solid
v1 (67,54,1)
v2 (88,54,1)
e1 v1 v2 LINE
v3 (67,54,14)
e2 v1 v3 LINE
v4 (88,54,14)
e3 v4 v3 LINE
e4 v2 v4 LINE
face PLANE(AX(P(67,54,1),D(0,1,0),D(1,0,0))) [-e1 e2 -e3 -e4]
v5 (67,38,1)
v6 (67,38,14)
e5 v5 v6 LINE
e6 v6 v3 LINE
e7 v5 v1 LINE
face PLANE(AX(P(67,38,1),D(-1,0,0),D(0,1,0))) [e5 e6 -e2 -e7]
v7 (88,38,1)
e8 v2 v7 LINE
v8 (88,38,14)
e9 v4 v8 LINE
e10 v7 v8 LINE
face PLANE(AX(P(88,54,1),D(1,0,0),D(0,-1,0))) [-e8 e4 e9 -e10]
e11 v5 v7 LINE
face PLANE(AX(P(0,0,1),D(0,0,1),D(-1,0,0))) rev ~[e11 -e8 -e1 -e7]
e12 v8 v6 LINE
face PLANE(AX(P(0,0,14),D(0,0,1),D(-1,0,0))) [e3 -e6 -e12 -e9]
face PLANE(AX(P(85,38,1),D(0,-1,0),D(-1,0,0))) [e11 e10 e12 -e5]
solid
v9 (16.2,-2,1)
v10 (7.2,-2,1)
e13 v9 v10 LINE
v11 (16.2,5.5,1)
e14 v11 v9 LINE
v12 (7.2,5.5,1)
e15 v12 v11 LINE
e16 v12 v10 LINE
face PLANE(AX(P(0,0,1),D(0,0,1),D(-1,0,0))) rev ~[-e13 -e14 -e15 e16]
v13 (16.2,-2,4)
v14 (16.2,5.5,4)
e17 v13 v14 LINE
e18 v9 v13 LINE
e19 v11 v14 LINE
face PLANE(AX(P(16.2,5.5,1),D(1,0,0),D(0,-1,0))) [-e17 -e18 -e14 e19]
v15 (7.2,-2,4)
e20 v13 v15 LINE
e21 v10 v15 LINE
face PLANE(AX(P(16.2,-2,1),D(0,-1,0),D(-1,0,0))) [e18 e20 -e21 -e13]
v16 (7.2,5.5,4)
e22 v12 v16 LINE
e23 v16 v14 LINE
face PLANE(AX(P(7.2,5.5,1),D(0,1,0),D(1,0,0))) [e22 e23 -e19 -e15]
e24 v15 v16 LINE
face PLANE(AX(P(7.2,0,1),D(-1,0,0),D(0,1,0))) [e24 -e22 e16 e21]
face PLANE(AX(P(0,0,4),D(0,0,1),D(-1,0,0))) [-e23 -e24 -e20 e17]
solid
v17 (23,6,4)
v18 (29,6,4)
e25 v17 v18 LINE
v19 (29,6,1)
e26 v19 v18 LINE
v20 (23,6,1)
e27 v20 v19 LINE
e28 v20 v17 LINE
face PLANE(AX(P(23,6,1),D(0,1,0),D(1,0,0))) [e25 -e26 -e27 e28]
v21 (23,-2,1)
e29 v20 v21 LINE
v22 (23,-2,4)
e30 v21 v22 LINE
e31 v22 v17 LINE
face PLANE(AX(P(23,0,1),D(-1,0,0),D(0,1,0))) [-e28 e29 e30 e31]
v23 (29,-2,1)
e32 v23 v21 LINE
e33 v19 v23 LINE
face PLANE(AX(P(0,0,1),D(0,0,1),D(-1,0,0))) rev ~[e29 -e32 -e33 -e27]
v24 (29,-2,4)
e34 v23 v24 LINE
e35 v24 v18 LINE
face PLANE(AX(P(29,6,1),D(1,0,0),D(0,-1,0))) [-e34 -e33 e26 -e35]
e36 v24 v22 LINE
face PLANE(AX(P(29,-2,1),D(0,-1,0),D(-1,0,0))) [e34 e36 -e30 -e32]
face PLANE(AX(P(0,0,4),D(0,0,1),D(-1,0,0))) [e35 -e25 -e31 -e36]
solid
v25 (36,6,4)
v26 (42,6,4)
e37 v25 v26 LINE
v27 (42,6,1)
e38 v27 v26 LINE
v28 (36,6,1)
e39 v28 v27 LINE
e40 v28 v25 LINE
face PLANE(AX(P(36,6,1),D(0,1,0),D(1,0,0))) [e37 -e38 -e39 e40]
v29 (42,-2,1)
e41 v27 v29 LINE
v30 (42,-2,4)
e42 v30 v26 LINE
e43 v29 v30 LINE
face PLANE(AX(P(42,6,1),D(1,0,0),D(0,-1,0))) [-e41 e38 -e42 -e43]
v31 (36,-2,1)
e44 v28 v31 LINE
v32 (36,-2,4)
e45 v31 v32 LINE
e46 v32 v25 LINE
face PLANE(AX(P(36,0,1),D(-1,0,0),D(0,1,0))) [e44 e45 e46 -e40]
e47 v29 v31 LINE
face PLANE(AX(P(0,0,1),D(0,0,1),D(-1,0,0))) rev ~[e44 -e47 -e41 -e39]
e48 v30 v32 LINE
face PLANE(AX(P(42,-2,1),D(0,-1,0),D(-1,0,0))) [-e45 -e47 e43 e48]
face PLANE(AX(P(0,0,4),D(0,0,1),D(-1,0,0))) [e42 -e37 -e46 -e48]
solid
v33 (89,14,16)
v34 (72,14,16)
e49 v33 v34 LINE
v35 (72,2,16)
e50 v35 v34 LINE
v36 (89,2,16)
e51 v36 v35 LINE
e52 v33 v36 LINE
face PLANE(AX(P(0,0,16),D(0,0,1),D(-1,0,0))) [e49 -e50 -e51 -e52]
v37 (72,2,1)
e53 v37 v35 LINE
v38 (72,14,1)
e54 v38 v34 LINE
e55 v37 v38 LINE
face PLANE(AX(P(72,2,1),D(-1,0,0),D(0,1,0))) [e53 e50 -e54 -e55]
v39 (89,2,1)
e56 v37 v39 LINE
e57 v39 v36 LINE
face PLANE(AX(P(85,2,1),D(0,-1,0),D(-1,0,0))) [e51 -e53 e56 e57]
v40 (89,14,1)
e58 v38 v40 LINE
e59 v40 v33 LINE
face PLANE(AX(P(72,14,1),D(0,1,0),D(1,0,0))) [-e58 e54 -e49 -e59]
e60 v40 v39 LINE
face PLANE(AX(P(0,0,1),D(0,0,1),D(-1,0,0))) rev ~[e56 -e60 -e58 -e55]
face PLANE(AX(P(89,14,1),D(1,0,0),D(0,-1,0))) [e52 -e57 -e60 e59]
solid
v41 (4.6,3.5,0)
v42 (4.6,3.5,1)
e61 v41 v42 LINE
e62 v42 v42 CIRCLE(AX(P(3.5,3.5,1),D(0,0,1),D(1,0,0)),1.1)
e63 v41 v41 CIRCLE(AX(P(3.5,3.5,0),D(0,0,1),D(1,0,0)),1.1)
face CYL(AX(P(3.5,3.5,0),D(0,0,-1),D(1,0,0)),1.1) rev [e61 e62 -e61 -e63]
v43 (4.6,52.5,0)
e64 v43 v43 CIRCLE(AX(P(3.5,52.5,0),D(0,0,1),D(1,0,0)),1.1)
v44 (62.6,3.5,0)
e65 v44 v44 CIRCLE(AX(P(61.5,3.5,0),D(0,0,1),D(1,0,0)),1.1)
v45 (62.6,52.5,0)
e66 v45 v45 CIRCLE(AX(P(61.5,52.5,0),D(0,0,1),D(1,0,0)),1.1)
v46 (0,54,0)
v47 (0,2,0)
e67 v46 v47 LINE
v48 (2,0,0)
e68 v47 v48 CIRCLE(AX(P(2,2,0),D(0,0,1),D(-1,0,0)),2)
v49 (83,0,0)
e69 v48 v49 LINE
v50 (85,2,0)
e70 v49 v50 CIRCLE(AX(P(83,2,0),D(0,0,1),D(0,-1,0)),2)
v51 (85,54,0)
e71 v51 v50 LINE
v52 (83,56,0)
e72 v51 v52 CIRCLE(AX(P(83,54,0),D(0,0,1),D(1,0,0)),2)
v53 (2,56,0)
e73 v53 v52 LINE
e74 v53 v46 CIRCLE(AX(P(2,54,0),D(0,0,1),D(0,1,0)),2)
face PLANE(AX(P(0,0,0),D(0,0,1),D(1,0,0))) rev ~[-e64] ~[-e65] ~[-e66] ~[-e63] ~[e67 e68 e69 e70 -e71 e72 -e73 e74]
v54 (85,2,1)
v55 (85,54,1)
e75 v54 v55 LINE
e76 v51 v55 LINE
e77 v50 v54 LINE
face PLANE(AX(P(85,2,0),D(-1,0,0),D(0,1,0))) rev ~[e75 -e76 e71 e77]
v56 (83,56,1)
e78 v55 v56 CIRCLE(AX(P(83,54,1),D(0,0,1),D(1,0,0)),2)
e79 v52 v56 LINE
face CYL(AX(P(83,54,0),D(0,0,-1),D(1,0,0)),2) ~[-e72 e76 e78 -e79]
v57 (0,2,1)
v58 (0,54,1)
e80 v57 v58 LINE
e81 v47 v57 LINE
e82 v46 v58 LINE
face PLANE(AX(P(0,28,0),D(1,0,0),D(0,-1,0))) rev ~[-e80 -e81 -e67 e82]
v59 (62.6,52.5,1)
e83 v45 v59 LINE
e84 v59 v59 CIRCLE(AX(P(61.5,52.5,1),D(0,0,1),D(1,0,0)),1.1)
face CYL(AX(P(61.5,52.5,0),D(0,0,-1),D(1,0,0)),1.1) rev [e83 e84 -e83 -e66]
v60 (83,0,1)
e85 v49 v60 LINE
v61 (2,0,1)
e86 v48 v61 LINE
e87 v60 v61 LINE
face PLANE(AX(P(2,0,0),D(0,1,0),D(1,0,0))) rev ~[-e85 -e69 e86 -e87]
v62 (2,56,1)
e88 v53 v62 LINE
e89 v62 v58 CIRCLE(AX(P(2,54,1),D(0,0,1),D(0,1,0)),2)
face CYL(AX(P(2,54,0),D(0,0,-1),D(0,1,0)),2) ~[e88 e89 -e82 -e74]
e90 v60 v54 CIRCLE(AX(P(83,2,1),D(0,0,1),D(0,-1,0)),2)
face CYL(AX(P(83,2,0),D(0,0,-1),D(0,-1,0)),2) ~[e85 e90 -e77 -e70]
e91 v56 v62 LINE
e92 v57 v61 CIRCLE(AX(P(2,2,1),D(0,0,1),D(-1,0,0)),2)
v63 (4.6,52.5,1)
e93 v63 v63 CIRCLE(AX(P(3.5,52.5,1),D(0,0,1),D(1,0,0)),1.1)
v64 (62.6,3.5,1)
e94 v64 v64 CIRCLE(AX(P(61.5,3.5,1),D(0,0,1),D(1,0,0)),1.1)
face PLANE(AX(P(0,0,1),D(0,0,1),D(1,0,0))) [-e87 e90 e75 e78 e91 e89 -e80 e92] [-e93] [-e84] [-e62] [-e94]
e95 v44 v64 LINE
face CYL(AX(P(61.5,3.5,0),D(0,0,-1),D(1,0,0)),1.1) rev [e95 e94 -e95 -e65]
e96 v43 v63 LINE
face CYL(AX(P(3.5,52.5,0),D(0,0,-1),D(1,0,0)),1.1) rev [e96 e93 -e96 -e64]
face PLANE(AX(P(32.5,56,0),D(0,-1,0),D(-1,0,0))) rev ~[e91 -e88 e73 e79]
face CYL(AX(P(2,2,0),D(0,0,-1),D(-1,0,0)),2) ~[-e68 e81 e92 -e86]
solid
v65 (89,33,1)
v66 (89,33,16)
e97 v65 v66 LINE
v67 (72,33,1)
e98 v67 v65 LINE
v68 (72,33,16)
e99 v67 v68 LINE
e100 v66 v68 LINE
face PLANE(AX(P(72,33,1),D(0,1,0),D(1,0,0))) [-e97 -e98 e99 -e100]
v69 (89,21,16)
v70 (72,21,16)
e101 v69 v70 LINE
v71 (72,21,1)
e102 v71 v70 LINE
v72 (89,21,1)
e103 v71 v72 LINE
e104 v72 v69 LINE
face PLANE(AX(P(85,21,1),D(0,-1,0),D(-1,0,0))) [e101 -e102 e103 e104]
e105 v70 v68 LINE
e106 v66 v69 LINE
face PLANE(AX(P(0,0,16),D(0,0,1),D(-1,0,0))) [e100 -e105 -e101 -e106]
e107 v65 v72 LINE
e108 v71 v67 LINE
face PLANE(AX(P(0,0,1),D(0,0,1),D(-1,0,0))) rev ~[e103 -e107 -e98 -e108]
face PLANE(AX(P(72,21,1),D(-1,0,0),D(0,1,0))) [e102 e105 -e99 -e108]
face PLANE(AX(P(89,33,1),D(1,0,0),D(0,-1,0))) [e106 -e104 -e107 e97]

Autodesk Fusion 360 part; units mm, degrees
sketch "草图1" plane through (0, 0, 0) normal (0, 0, 1) x (1, 0, 0)
  line L0 (2, 0) -> (83, 0)
  line L1 (85, 2) -> (85, 54)
  line L2 (83, 56) -> (2, 56)
  line L3 (0, 54) -> (0, 2)
  line L4 (-9, 28) -> (96, 28)
  line L5 (32.5, 58.4958) -> (32.5, -18.5042)
  circle A0 centre (3.5, 52.5) radius 1.1
  circle A1 centre (61.5, 52.5) radius 1.1
  circle A2 centre (3.5, 3.5) radius 1.1
  circle A3 centre (61.5, 3.5) radius 1.1
  arc A4 (2, 56) -> (0, 54) centre (2, 54) ccw
  arc A5 (85, 54) -> (83, 56) centre (83, 54) ccw
  arc A6 (83, 0) -> (85, 2) centre (83, 2) ccw
  arc A7 (0, 2) -> (2, 0) centre (2, 2) ccw
  point P0 (85, 0)
  point P1 (85, 56)
  point P2 (0, 56)
  dimension "d1" = 85
  dimension "d2" = 56
  dimension "d3" = 2.2
  dimension "d4" = 49
  dimension "d5" = 58
  dimension "d6" = 3.5
  dimension "d7" = 2
extrude "拉伸1" add sketch "草图1" along normal blind 1 makes body 1
sketch "草图2" plane through (0, 0, 1) normal (0, 0, 1) x (-1, 0, 0)
  circle A0 centre (-3.5, -52.5) radius 1.1
  circle A1 centre (-61.5, -3.5) radius 1.1
  circle A2 centre (-61.5, -52.5) radius 1.1
  circle A3 centre (-3.5, -3.5) radius 1.1
  arc A4 (0, -2) -> (-2, 0) centre (-2, -2) ccw
  line L0 (-2, 0) -> (-83, 0)
  arc A5 (-83, 0) -> (-85, -2) centre (-83, -2) ccw
  line L1 (-85, -2) -> (-85, -54)
  arc A6 (-85, -54) -> (-83, -56) centre (-83, -54) ccw
  line L2 (-83, -56) -> (-2, -56)
  arc A7 (-2, -56) -> (0, -54) centre (-2, -54) ccw
  line L3 (0, -54) -> (0, -2)
  line L4 (-7.2, -5.5) -> (-16.2, -5.5)
  line L5 (-16.2, -5.5) -> (-16.2, 2)
  line L6 (-16.2, 2) -> (-7.2, 2)
  line L7 (-7.2, 2) -> (-7.2, -5.5)
  dimension "d10" = 3.7
  dimension "d11" = 9
  dimension "d12" = 7.5
  dimension "d13" = 5.5
extrude "拉伸2" add sketch "草图2" along normal blind 3 separate body contours L0 L4 L5 L7 | L0 L5 L6 L7 makes body 2
sketch "草图3" plane through (0, 0, 1) normal (0, 0, 1) x (-1, 0, 0)
  circle A0 centre (-3.5, -52.5) radius 1.1
  circle A1 centre (-61.5, -3.5) radius 1.1
  circle A2 centre (-61.5, -52.5) radius 1.1
  circle A3 centre (-3.5, -3.5) radius 1.1
  arc A4 (0, -2) -> (-2, 0) centre (-2, -2) ccw
  line L0 (-2, 0) -> (-83, 0)
  arc A5 (-83, 0) -> (-85, -2) centre (-83, -2) ccw
  line L1 (-85, -2) -> (-85, -54)
  arc A6 (-85, -54) -> (-83, -56) centre (-83, -54) ccw
  line L2 (-83, -56) -> (-2, -56)
  arc A7 (-2, -56) -> (0, -54) centre (-2, -54) ccw
  line L3 (0, -54) -> (0, -2)
  line L4 (-67, -54) -> (-88, -54)
  line L5 (-88, -54) -> (-88, -38)
  line L6 (-88, -38) -> (-67, -38)
  line L7 (-67, -38) -> (-67, -54)
  dimension "d16" = 21
  dimension "d17" = 16
  dimension "d18" = 2
  dimension "d19" = 18
extrude "拉伸3" add sketch "草图3" along normal blind 13 separate body contours L1 L4 L6 L7 | L1 L4 L5 L6 makes body 3
sketch "草图4" plane through (0, 0, 1) normal (0, 0, 1) x (-1, 0, 0)
  circle A0 centre (-3.5, -52.5) radius 1.1
  circle A1 centre (-61.5, -3.5) radius 1.1
  circle A2 centre (-61.5, -52.5) radius 1.1
  circle A3 centre (-3.5, -3.5) radius 1.1
  arc A4 (0, -2) -> (-2, 0) centre (-2, -2) ccw
  line L0 (-2, 0) -> (-83, 0)
  arc A5 (-83, 0) -> (-85, -2) centre (-83, -2) ccw
  line L1 (-85, -2) -> (-85, -54)
  arc A6 (-85, -54) -> (-83, -56) centre (-83, -54) ccw
  line L2 (-83, -56) -> (-2, -56)
  arc A7 (-2, -56) -> (0, -54) centre (-2, -54) ccw
  line L3 (0, -54) -> (0, -2)
  line L4 (-72, -33) -> (-89, -33)
  line L5 (-89, -33) -> (-89, -21)
  line L6 (-89, -21) -> (-72, -21)
  line L7 (-72, -21) -> (-72, -33)
  dimension "d22" = 17
  dimension "d23" = 12
  dimension "d24" = 13
  dimension "d25" = 21
extrude "拉伸4" add sketch "草图4" along normal blind 15 separate body contours L1 L4 L6 L7 | L1 L4 L5 L6 makes body 4
sketch "草图5" plane through (0, 0, 1) normal (0, 0, 1) x (-1, 0, 0)
  circle A0 centre (-3.5, -52.5) radius 1.1
  circle A1 centre (-61.5, -3.5) radius 1.1
  circle A2 centre (-61.5, -52.5) radius 1.1
  circle A3 centre (-3.5, -3.5) radius 1.1
  arc A4 (0, -2) -> (-2, 0) centre (-2, -2) ccw
  line L0 (-2, 0) -> (-83, 0)
  arc A5 (-83, 0) -> (-85, -2) centre (-83, -2) ccw
  line L1 (-85, -2) -> (-85, -54)
  arc A6 (-85, -54) -> (-83, -56) centre (-83, -54) ccw
  line L2 (-83, -56) -> (-2, -56)
  arc A7 (-2, -56) -> (0, -54) centre (-2, -54) ccw
  line L3 (0, -54) -> (0, -2)
  line L4 (-72, -14) -> (-89, -14)
  line L5 (-89, -14) -> (-89, -2)
  line L6 (-89, -2) -> (-72, -2)
  line L7 (-72, -2) -> (-72, -14)
  dimension "d28" = 17
  dimension "d29" = 12
  dimension "d30" = 13
  dimension "d31" = 2
extrude "拉伸5" add sketch "草图5" along normal blind 15 separate body contours L1 L4 L6 L7 | L1 L4 L5 L6 makes body 5
sketch "草图6" plane through (0, 0, 1) normal (0, 0, 1) x (-1, 0, 0)
  circle A0 centre (-3.5, -52.5) radius 1.1
  circle A1 centre (-61.5, -3.5) radius 1.1
  circle A2 centre (-61.5, -52.5) radius 1.1
  circle A3 centre (-3.5, -3.5) radius 1.1
  arc A4 (0, -2) -> (-2, 0) centre (-2, -2) ccw
  line L0 (-2, 0) -> (-83, 0)
  arc A5 (-83, 0) -> (-85, -2) centre (-83, -2) ccw
  line L1 (-85, -2) -> (-85, -54)
  arc A6 (-85, -54) -> (-83, -56) centre (-83, -54) ccw
  line L2 (-83, -56) -> (-2, -56)
  arc A7 (-2, -56) -> (0, -54) centre (-2, -54) ccw
  line L3 (0, -54) -> (0, -2)
  line L4 (-23, -6) -> (-29, -6)
  line L5 (-29, -6) -> (-29, 2)
  line L6 (-29, 2) -> (-23, 2)
  line L7 (-23, 2) -> (-23, -6)
  line L8 (-36, -6) -> (-42, -6)
  line L9 (-42, -6) -> (-42, 2)
  line L10 (-42, 2) -> (-36, 2)
  line L11 (-36, 2) -> (-36, -6)
  dimension "d34" = 8
  dimension "d35" = 8
  dimension "d36" = 6
  dimension "d37" = 6
  dimension "d38" = 6
  dimension "d39" = 6
  dimension "d40" = 23
  dimension "d41" = 36
extrude "拉伸6" add sketch "草图6" along normal blind 3 separate body contours L0 L4 L5 L7 | L0 L5 L6 L7 | L0 L8 L9 L11 | L0 L9 L10 L11 makes body 6 at (25, 3.3333, 1) makes body 7 at (38, 3.3333, 1)
copy_body "实体->零部件1" bodies 1 removing the originals makes body 8 in component "Component'"
copy_body "实体->零部件2" bodies 2 removing the originals makes body 9 in component "Component''"
copy_body "实体->零部件3" bodies 3 removing the originals makes body 10 in component "Component'''"
copy_body "实体->零部件4" bodies 4 removing the originals makes body 11 in component "Component''''"
copy_body "实体->零部件5" bodies 5 removing the originals makes body 12 in component "Component'''''"
copy_body "实体->零部件6" bodies 6 removing the originals makes body 13 in component "Component''''''"
copy_body "实体->零部件7" bodies 7 removing the originals makes body 14 in component "Component'''''''"
component "Component'" placed x (1, 0, 0) y (0, 1, 0) z (0, 0, 1) at (0, 0, 0)
component "Component''" placed x (1, 0, 0) y (0, 1, 0) z (0, 0, 1) at (0, 0, 0)
component "Component'''" placed x (1, 0, 0) y (0, 1, 0) z (0, 0, 1) at (0, 0, 0)
component "Component''''" placed x (1, 0, 0) y (0, 1, 0) z (0, 0, 1) at (0, 0, 0)
component "Component'''''" placed x (1, 0, 0) y (0, 1, 0) z (0, 0, 1) at (0, 0, 0)
component "Component''''''" placed x (1, 0, 0) y (0, 1, 0) z (0, 0, 1) at (0, 0, 0)
component "Component'''''''" placed x (1, 0, 0) y (0, 1, 0) z (0, 0, 1) at (0, 0, 0)
